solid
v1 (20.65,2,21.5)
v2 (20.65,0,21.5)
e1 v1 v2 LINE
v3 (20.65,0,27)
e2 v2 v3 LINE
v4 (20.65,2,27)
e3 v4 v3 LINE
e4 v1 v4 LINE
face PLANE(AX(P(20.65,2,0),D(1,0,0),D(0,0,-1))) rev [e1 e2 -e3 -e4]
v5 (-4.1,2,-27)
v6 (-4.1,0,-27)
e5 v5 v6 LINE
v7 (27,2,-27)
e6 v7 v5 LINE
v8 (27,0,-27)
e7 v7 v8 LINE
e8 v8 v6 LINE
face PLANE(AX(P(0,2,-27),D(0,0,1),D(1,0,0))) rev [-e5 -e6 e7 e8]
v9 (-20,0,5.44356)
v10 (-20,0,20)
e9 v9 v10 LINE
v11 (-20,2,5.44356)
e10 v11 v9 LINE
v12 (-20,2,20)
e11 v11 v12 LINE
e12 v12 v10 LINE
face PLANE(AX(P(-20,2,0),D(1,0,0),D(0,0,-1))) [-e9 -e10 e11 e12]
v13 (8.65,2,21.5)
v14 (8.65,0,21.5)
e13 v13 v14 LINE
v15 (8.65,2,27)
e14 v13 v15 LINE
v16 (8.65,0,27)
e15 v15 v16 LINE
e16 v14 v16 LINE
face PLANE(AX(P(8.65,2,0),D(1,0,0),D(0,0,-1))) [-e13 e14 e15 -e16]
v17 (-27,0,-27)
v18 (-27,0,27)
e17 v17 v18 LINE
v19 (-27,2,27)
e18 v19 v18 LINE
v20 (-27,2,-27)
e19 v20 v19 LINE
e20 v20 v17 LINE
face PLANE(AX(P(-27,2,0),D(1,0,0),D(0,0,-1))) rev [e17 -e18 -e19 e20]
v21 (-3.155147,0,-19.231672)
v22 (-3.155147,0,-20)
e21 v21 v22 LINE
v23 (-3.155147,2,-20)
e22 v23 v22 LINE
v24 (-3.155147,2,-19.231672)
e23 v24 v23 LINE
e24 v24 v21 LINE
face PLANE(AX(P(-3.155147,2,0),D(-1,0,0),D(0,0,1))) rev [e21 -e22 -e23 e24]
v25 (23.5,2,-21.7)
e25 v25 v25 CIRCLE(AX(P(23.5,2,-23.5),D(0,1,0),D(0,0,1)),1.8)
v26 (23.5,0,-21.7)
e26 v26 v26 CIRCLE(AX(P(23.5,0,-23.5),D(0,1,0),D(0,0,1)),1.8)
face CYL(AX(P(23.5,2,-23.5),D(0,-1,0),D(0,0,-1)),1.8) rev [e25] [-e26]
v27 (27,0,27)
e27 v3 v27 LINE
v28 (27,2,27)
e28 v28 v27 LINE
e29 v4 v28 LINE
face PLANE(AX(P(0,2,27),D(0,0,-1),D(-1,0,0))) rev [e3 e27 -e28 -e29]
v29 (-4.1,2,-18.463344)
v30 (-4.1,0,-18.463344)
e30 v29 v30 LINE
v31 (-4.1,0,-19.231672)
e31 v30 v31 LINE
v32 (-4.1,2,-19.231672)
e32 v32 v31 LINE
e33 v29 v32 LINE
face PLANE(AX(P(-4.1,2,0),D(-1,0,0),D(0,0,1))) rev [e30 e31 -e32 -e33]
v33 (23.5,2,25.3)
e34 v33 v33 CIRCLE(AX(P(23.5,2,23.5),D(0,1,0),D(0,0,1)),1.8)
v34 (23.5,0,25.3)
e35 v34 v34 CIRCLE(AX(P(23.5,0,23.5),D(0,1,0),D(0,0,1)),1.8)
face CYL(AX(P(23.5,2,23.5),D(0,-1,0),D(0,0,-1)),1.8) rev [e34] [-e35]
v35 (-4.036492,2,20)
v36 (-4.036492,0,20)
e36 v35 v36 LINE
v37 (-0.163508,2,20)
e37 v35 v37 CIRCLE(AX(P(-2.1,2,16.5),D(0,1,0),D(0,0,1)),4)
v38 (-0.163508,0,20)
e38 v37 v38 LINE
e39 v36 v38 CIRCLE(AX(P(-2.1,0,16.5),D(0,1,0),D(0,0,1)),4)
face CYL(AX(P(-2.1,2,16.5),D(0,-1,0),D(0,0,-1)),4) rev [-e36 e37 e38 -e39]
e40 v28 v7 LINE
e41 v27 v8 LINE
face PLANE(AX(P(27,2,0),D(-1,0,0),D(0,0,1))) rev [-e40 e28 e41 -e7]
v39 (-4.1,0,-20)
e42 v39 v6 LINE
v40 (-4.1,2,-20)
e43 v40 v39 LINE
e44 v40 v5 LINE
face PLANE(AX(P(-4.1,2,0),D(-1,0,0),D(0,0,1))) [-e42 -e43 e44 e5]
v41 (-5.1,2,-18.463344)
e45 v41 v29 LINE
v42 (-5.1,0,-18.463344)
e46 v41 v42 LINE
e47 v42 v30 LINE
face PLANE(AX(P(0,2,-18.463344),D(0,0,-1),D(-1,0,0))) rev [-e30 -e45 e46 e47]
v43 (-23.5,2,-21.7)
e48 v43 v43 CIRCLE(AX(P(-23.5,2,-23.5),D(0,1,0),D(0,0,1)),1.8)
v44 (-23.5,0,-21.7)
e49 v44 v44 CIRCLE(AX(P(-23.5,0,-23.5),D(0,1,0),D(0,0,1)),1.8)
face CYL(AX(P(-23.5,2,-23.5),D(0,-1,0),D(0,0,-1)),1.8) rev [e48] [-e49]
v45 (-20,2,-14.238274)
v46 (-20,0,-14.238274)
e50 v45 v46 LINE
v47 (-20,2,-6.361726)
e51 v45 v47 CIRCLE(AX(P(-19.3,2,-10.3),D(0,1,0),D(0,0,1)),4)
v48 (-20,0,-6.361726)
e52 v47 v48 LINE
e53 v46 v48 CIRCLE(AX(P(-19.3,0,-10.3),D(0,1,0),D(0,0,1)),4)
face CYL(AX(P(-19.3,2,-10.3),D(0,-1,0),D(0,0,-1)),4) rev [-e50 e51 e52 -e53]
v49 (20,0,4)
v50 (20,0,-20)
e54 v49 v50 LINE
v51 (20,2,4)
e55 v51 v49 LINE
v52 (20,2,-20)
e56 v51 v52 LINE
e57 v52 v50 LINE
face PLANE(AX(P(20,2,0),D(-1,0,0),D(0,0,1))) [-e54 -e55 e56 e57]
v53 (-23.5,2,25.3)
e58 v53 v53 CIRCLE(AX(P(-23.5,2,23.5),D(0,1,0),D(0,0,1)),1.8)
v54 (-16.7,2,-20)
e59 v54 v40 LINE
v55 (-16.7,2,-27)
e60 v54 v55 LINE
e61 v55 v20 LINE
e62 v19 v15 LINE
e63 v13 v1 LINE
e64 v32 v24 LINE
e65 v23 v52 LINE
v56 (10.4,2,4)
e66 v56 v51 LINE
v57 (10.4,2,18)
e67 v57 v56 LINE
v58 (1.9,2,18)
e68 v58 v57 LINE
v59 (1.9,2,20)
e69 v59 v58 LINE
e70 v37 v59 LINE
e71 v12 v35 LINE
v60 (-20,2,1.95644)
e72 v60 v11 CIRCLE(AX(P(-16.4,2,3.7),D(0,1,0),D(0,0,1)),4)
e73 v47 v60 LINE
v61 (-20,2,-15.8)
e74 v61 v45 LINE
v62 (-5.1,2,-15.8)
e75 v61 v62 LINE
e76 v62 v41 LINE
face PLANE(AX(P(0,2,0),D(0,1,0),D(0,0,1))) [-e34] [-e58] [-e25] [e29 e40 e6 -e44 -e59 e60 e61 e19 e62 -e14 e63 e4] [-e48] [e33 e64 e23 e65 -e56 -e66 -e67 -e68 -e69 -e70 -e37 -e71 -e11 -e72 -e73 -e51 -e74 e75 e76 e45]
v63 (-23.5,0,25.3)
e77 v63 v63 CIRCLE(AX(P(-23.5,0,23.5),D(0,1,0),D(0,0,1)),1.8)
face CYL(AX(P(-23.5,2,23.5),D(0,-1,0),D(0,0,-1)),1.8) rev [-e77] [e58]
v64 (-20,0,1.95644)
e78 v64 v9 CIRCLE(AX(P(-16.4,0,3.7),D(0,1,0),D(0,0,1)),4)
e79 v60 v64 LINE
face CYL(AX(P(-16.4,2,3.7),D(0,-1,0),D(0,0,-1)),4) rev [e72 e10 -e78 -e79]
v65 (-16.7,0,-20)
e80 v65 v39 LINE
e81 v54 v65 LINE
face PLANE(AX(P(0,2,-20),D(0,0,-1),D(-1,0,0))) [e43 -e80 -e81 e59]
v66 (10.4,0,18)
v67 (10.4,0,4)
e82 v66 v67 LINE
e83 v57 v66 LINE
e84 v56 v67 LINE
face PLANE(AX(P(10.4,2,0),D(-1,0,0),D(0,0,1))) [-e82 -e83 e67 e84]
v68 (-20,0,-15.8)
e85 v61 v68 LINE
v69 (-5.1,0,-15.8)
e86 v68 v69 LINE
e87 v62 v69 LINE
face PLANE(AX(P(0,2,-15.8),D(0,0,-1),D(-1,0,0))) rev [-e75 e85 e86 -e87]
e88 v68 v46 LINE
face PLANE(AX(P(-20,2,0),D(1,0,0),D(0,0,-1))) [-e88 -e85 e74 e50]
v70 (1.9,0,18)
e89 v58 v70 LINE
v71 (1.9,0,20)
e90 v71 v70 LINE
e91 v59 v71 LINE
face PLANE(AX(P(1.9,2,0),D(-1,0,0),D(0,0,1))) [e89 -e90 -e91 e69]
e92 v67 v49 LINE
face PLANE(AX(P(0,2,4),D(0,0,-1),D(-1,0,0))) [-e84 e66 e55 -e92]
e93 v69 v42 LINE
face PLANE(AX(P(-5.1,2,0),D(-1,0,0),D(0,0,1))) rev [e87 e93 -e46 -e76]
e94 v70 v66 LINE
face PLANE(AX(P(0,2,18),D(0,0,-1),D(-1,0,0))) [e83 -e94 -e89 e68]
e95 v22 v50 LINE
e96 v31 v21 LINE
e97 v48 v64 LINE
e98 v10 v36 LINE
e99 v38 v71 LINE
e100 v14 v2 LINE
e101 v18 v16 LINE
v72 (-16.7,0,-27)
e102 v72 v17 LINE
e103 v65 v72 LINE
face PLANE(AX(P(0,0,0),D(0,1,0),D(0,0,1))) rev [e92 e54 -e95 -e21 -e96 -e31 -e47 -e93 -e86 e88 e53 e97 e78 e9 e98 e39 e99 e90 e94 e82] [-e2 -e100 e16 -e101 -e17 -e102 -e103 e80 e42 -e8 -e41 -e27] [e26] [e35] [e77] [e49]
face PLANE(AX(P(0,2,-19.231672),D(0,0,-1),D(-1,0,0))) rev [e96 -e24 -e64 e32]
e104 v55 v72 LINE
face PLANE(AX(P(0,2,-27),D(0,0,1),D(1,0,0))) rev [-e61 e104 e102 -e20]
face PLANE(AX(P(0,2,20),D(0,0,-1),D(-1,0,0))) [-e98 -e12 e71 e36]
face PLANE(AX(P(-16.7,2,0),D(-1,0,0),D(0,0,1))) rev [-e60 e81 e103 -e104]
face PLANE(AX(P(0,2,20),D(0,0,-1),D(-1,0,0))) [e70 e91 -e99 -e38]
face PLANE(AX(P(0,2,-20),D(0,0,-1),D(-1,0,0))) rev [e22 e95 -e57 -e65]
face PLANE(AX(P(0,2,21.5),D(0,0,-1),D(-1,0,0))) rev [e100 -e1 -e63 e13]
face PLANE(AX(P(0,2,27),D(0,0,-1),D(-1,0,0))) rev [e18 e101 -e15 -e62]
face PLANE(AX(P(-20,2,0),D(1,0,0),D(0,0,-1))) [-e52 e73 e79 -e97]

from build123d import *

# Parameters (mm, degrees)
SKETCH_3_R      = 1.8
SKETCH_3_W      = 0.8
SKETCH_3_H      = 1.5
SKETCH_3_W_2    = 1
SKETCH_3_W_3    = 0.944853381
SKETCH_3_H_2    = 0.76832805
EXTRUDE_2_DEPTH = 2


with BuildPart() as part:
    # 草图3 → 凸台-拉伸2 (new body)
    with BuildSketch(Plane(origin=(0, 0, 0), x_dir=(1, 0, 0), z_dir=(0, 1, 0))):
        with BuildLine():
            Line((8.65, -27), (8.65, -21.5))
            Line((8.65, -21.5), (8.65, -20))
            Line((8.65, -20), (1.9, -20))
            Line((1.9, -20), (-0.163508327, -20))
            ThreePointArc((-0.163508327, -20), (-2.1, -20.5), (-4.036491673, -20))
            Line((-4.036491673, -20), (-20, -20))
            Line((-20, -20), (-20, -5.443559577))
            ThreePointArc((-20, -5.443559577), (-20.4, -3.7), (-20, -1.956440423))
            Line((-20, -1.956440423), (-20, 6.361726266))
            ThreePointArc((-20, 6.361726266), (-23.3, 10.3), (-20, 14.238273734))
            Line((-20, 14.238273734), (-20, 15.8))
            Line((-20, 15.8), (-20, 20))
            Line((-20, 20), (-16.7, 20))
            Line((-16.7, 20), (-16.7, 27))
            Line((-16.7, 27), (-27, 27))
            Line((-27, 27), (-27, -27))
            Line((-27, -27), (8.65, -27))
        make_face()
        with Locations((-23.5, -23.5)):
            Circle(SKETCH_3_R, mode=Mode.SUBTRACT)
        with Locations((-23.5, 23.5)):
            Circle(SKETCH_3_R, mode=Mode.SUBTRACT)
        Polygon((20, -18), (20, -20), (20.65, -20), (20.65, -21.5), (20.65, -27), (27, -27), (27, 27), (-4.1, 27), (-4.1, 20), (-3.155146619, 20), (20, 20), (20, -4), align=None)
        with Locations((23.5, -23.5)):
            Circle(SKETCH_3_R, mode=Mode.SUBTRACT)
        with Locations((23.5, 23.5)):
            Circle(SKETCH_3_R, mode=Mode.SUBTRACT)
        Polygon((12.4, -20), (12.4, -19.5), (12.4, -18), (10.4, -18), (1.9, -18), (1.9, -20), (8.65, -20), align=None)
        Polygon((20, -20), (16.9, -20), (16.9, -19.5), (16.1, -19.5), (13.4, -19.5), (12.4, -19.5), (12.4, -20), (8.65, -20), (8.65, -21.5), (20.65, -21.5), (20.65, -20), align=None)
        Polygon((16.9, -19.5), (16.9, -20), (20, -20), (20, -18), (16.9, -18), align=None)
        with Locations((16.5, -18.75)):
            Rectangle(SKETCH_3_W, SKETCH_3_H)
        with Locations((12.9, -18.75)):
            Rectangle(SKETCH_3_W_2, SKETCH_3_H)
        Polygon((16.1, -18), (16.9, -18), (16.9, -6), (12.4, -6), (12.4, -18), (13.4, -18), (13.4, -19.5), (16.1, -19.5), align=None)
        Polygon((16.9, -18), (20, -18), (20, -4), (10.4, -4), (10.4, -6), (10.4, -18), (12.4, -18), (12.4, -6), (16.9, -6), align=None)
        with Locations((-3.62757331, 19.615835975)):
            Rectangle(SKETCH_3_W_3, SKETCH_3_H_2)
        Polygon((-4.1, 19.23167195), (-4.1, 20), (-10.4, 20), (-16.7, 20), (-20, 20), (-20, 15.8), (-5.1, 15.8), (-5.1, 18.463343901), (-4.1, 18.463343901), align=None)
    extrude(amount=EXTRUDE_2_DEPTH)


solid = part.part
